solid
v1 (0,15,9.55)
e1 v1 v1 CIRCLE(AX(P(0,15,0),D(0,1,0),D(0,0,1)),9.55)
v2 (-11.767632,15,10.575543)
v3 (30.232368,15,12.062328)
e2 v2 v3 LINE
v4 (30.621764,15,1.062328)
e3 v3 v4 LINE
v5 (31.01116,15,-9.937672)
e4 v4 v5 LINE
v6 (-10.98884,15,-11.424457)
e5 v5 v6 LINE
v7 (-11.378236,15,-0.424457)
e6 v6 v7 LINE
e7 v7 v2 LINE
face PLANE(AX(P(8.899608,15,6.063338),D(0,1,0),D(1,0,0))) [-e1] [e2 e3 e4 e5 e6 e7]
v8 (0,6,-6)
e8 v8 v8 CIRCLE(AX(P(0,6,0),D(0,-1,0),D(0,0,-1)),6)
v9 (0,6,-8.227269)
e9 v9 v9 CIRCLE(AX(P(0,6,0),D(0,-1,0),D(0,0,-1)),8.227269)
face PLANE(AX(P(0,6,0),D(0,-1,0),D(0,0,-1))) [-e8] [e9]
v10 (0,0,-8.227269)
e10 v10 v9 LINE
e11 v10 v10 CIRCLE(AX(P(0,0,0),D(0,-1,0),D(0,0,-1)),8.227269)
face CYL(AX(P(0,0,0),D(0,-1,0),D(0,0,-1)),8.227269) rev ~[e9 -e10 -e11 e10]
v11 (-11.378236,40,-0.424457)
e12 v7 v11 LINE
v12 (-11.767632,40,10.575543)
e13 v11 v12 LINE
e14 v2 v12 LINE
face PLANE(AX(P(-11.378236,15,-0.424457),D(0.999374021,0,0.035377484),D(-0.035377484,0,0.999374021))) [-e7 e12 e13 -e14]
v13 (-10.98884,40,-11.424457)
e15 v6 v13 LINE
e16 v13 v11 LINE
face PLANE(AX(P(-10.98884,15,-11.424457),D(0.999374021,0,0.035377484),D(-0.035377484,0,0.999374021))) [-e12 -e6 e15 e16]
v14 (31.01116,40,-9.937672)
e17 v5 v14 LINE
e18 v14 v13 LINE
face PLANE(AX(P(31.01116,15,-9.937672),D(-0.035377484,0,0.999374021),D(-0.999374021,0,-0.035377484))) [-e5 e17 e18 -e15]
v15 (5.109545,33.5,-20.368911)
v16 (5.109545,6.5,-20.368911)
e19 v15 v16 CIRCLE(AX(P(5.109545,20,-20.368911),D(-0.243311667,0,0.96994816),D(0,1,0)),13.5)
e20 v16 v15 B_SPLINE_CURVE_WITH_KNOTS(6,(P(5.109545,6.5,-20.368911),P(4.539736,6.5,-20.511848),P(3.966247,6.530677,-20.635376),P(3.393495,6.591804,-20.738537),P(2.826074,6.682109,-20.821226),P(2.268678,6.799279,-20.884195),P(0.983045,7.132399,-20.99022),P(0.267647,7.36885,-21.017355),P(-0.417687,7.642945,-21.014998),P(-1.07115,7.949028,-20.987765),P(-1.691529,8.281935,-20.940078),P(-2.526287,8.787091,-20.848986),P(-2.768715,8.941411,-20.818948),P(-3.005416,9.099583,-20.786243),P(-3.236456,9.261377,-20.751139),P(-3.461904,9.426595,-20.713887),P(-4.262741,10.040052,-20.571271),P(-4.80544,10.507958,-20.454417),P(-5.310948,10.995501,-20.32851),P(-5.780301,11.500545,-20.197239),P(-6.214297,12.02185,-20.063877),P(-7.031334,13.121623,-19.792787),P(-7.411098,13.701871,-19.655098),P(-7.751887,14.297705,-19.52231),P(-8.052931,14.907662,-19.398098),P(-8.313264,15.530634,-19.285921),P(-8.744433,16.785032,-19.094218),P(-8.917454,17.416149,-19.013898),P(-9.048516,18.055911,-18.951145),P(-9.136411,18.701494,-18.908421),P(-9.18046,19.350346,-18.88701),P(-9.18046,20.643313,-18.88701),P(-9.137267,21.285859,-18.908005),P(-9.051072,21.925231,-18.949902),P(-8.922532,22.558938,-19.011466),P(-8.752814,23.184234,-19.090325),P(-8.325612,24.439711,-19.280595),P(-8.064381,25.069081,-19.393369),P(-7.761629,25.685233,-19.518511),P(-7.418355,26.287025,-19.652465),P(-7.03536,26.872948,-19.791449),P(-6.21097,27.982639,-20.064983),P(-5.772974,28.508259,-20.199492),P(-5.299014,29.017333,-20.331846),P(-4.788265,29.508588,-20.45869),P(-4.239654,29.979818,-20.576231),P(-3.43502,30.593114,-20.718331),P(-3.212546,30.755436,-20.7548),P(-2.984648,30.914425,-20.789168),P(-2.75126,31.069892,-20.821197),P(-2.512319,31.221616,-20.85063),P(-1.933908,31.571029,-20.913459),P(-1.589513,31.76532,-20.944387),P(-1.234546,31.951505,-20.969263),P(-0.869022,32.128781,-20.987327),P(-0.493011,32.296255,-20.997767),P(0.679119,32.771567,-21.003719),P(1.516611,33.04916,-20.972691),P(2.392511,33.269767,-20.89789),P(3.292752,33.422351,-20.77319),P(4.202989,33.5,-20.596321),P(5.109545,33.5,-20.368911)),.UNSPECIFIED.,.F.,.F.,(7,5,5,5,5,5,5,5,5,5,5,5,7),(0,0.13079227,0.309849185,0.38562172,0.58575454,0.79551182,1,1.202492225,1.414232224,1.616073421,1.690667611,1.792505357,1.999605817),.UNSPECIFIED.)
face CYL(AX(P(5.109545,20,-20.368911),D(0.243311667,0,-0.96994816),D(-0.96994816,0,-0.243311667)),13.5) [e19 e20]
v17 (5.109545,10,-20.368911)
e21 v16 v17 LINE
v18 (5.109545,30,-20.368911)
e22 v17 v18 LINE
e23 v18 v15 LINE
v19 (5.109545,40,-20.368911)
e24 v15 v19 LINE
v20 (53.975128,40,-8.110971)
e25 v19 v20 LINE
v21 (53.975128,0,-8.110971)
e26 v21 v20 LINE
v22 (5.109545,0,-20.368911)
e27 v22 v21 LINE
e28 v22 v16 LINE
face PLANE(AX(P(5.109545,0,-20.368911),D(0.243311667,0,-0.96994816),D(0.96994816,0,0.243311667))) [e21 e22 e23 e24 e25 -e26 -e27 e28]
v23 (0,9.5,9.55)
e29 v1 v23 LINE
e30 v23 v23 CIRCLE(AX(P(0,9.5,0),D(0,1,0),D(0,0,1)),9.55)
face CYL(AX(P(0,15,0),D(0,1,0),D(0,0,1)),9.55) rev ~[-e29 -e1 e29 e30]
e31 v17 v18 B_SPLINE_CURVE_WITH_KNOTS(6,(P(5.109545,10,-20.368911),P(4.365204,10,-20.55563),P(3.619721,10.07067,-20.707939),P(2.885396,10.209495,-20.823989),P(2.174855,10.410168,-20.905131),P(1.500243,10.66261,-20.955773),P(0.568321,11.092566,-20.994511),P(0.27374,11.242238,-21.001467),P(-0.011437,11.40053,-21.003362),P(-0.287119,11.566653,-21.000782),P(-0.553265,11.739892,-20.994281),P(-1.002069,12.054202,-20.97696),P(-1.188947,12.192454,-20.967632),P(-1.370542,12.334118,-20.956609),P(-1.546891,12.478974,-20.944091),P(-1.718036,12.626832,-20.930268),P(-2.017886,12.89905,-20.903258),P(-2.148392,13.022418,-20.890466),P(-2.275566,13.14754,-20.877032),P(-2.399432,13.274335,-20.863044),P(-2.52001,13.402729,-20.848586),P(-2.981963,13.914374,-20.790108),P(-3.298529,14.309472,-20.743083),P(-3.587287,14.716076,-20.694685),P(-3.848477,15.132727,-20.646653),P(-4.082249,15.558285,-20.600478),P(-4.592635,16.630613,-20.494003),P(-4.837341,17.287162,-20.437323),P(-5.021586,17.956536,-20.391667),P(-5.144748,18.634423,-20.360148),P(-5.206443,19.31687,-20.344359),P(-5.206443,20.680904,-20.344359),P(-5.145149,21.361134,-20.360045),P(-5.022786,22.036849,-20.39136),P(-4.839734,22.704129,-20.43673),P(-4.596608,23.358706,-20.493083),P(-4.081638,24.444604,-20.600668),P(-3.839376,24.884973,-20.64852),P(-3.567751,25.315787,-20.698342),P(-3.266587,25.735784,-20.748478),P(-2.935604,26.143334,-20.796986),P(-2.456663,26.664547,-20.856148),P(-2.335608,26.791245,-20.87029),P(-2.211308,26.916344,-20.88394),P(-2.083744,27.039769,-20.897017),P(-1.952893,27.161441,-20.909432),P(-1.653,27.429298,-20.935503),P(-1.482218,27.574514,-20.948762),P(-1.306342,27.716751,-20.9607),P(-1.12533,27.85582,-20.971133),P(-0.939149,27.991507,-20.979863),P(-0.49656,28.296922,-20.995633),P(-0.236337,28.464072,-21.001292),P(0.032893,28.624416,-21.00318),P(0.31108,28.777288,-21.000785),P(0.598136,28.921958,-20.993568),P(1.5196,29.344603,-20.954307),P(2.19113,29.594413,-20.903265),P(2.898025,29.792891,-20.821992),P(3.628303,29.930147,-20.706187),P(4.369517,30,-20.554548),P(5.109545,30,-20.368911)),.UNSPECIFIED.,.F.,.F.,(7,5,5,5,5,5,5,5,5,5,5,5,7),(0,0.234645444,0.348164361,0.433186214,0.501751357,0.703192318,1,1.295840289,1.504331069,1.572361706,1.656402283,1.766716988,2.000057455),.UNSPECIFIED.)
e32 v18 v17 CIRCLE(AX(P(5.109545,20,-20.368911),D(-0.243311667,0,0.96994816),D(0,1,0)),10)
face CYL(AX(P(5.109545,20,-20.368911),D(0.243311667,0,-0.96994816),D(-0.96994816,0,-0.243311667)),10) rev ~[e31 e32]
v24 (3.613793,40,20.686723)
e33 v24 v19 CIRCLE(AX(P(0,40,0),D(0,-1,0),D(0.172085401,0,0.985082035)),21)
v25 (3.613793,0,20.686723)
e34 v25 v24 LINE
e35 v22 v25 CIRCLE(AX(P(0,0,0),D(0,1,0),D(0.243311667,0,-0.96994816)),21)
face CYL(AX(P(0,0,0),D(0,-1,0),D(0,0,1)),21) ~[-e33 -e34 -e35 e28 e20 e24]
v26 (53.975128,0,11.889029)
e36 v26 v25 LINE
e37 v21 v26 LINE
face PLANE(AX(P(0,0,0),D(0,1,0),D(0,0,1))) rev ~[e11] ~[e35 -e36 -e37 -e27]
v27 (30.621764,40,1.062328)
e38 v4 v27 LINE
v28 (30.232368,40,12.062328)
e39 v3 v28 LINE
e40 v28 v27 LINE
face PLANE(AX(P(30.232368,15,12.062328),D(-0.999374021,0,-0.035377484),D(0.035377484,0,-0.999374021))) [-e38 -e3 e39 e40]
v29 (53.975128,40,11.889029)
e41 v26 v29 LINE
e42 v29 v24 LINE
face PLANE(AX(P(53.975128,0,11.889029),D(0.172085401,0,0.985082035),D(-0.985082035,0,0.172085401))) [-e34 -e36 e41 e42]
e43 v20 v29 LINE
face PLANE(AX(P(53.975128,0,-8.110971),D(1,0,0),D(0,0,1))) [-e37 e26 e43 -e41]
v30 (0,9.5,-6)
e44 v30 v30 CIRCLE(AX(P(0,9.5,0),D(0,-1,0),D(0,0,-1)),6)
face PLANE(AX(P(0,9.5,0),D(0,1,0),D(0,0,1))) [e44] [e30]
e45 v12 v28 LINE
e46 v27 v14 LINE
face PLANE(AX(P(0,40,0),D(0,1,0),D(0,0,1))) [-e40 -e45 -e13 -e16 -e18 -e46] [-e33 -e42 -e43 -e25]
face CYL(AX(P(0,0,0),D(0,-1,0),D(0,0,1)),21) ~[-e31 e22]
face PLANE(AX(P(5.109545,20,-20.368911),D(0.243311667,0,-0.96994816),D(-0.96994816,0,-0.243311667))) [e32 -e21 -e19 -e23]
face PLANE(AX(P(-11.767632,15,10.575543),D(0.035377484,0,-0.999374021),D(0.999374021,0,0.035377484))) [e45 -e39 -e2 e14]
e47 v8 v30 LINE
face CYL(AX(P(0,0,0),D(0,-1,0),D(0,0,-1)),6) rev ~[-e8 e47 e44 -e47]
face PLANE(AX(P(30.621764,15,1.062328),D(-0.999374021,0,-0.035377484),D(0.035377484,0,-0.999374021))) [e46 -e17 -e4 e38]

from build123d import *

# Parameters (mm, degrees)
CROQUIS1_R              = 21
SALIENTE_EXTRUIR1_DEPTH = 40
SALIENTE_EXTRUIR2_DEPTH = 40
SALIENTE_EXTRUIR3_REACH = 77.493
CROQUIS3_R              = 13.5
CROQUIS3_R_2            = 10
CROQUIS7_R              = 8.227269221
CROQUIS7_R_2            = 6
CORTAR_EXTRUIR6_DEPTH   = 6
CROQUIS8_R              = 6
CORTAR_EXTRUIR7_DEPTH   = 72.223648425
CORTAR_EXTRUIR8_START   = -25
CORTAR_EXTRUIR8_DEPTH   = 25
CROQUIS12_R             = 9.55
CORTAR_EXTRUIR9_DEPTH   = 5.5


with BuildPart() as part:
    # Croquis1 → Saliente-Extruir1 (new body)
    with BuildSketch(Plane(origin=(0, 0, 0), x_dir=(1, 0, 0), z_dir=(0, 1, 0))):
        with Locations(Location((0, 0, 0), (0, 0, 270))):
            Circle(CROQUIS1_R)
    extrude(amount=SALIENTE_EXTRUIR1_DEPTH)

    # Croquis2 → Saliente-Extruir2 (add)
    with BuildSketch(Plane(origin=(0, 0, 0), x_dir=(1, 0, 0), z_dir=(0, 1, 0))):
        with BuildLine():
            Line((53.975127576, 8.110971331), (53.975127576, -11.889028669))
            Line((53.975127576, -11.889028669), (3.613793412, -20.686722727))
            ThreePointArc((3.613793412, -20.686722727), (20.98607707, -0.764571273), (5.109545014, 20.368911354))
            Line((5.109545014, 20.368911354), (53.975127576, 8.110971331))
        make_face()
    extrude(amount=SALIENTE_EXTRUIR2_DEPTH)

    # Croquis3 → Saliente-Extruir3 (add, up to next)
    with BuildSketch(Plane(origin=(5.109545014, 0, -20.368911354), x_dir=(-0.9699481597219111, 0, -0.24331166731597212), z_dir=(0.2433116673159721, 0, -0.969948159721911)), mode=Mode.PRIVATE) as saliente_extruir3_sk1:
        with Locations((0, 20)):
            Circle(CROQUIS3_R)
        with Locations((0, 20)):
            Circle(CROQUIS3_R_2, mode=Mode.SUBTRACT)
    saliente_extruir3_tool1 = extrude(saliente_extruir3_sk1.sketch, amount=-SALIENTE_EXTRUIR3_REACH, mode=Mode.PRIVATE) - part.part
    add(saliente_extruir3_tool1.solids().sort_by_distance((17.833482, 20, -17.177109))[0])

    # Croquis7 → Cortar-Extruir6 (cut)
    with BuildSketch(Plane.XZ):
        with Locations(Location((0, 0, 0), (0, 0, 270))):
            Circle(CROQUIS7_R)
        with Locations(Location((0, 0, 0), (0, 0, 270))):
            Circle(CROQUIS7_R_2, mode=Mode.SUBTRACT)
    extrude(amount=-CORTAR_EXTRUIR6_DEPTH, mode=Mode.SUBTRACT)

    # Croquis8 → Cortar-Extruir7 (cut, through all)
    with BuildSketch(Plane.XZ):
        with Locations(Location((0, 0, 0), (0, 0, 270))):
            Circle(CROQUIS8_R)
    extrude(amount=-CORTAR_EXTRUIR7_DEPTH, mode=Mode.SUBTRACT)

    # Croquis10 → Cortar-Extruir8 (cut)
    with BuildSketch(Plane(origin=(0, 40, 0), x_dir=(1, 0, 0), z_dir=(0, 1, 0)).offset(CORTAR_EXTRUIR8_START)):
        with BuildLine():
            Line((-5.995438853, 0.23390802), (-11.37823559, 0.424457107))
            Line((-11.37823559, 0.424457107), (-11.767631672, -10.575542893))
            Line((-11.767631672, -10.575542893), (30.232368328, -12.062327932))
            Line((30.232368328, -12.062327932), (30.62176441, -1.062327932))
            Line((30.62176441, -1.062327932), (5.996971268, -0.190619027))
            ThreePointArc((5.996971268, -0.190619027), (-0.212264906, -5.996244125), (-5.995438853, 0.23390802))
        make_face()
        with BuildLine():
            Line((-10.988839509, 11.424457107), (-11.37823559, 0.424457107))
            Line((-11.37823559, 0.424457107), (-5.995438853, 0.23390802))
            ThreePointArc((-5.995438853, 0.23390802), (0.116976243, 5.998859605), (6, 0))
            ThreePointArc((6, 0), (5.999242769, -0.095321543), (5.996971268, -0.190619027))
            Line((5.996971268, -0.190619027), (30.62176441, -1.062327932))
            Line((30.62176441, -1.062327932), (31.011160491, 9.937672068))
            Line((31.011160491, 9.937672068), (-10.988839509, 11.424457107))
        make_face()
    extrude(amount=CORTAR_EXTRUIR8_DEPTH, mode=Mode.SUBTRACT)

    # Croquis12 → Cortar-Extruir9 (cut)
    with BuildSketch(Plane(origin=(0, 15, 0), x_dir=(1, 0, 0), z_dir=(0, 1, 0))):
        with Locations(Location((0, 0, 0), (0, 0, 270))):
            Circle(CROQUIS12_R)
    extrude(amount=-CORTAR_EXTRUIR9_DEPTH, mode=Mode.SUBTRACT)


solid = part.part
